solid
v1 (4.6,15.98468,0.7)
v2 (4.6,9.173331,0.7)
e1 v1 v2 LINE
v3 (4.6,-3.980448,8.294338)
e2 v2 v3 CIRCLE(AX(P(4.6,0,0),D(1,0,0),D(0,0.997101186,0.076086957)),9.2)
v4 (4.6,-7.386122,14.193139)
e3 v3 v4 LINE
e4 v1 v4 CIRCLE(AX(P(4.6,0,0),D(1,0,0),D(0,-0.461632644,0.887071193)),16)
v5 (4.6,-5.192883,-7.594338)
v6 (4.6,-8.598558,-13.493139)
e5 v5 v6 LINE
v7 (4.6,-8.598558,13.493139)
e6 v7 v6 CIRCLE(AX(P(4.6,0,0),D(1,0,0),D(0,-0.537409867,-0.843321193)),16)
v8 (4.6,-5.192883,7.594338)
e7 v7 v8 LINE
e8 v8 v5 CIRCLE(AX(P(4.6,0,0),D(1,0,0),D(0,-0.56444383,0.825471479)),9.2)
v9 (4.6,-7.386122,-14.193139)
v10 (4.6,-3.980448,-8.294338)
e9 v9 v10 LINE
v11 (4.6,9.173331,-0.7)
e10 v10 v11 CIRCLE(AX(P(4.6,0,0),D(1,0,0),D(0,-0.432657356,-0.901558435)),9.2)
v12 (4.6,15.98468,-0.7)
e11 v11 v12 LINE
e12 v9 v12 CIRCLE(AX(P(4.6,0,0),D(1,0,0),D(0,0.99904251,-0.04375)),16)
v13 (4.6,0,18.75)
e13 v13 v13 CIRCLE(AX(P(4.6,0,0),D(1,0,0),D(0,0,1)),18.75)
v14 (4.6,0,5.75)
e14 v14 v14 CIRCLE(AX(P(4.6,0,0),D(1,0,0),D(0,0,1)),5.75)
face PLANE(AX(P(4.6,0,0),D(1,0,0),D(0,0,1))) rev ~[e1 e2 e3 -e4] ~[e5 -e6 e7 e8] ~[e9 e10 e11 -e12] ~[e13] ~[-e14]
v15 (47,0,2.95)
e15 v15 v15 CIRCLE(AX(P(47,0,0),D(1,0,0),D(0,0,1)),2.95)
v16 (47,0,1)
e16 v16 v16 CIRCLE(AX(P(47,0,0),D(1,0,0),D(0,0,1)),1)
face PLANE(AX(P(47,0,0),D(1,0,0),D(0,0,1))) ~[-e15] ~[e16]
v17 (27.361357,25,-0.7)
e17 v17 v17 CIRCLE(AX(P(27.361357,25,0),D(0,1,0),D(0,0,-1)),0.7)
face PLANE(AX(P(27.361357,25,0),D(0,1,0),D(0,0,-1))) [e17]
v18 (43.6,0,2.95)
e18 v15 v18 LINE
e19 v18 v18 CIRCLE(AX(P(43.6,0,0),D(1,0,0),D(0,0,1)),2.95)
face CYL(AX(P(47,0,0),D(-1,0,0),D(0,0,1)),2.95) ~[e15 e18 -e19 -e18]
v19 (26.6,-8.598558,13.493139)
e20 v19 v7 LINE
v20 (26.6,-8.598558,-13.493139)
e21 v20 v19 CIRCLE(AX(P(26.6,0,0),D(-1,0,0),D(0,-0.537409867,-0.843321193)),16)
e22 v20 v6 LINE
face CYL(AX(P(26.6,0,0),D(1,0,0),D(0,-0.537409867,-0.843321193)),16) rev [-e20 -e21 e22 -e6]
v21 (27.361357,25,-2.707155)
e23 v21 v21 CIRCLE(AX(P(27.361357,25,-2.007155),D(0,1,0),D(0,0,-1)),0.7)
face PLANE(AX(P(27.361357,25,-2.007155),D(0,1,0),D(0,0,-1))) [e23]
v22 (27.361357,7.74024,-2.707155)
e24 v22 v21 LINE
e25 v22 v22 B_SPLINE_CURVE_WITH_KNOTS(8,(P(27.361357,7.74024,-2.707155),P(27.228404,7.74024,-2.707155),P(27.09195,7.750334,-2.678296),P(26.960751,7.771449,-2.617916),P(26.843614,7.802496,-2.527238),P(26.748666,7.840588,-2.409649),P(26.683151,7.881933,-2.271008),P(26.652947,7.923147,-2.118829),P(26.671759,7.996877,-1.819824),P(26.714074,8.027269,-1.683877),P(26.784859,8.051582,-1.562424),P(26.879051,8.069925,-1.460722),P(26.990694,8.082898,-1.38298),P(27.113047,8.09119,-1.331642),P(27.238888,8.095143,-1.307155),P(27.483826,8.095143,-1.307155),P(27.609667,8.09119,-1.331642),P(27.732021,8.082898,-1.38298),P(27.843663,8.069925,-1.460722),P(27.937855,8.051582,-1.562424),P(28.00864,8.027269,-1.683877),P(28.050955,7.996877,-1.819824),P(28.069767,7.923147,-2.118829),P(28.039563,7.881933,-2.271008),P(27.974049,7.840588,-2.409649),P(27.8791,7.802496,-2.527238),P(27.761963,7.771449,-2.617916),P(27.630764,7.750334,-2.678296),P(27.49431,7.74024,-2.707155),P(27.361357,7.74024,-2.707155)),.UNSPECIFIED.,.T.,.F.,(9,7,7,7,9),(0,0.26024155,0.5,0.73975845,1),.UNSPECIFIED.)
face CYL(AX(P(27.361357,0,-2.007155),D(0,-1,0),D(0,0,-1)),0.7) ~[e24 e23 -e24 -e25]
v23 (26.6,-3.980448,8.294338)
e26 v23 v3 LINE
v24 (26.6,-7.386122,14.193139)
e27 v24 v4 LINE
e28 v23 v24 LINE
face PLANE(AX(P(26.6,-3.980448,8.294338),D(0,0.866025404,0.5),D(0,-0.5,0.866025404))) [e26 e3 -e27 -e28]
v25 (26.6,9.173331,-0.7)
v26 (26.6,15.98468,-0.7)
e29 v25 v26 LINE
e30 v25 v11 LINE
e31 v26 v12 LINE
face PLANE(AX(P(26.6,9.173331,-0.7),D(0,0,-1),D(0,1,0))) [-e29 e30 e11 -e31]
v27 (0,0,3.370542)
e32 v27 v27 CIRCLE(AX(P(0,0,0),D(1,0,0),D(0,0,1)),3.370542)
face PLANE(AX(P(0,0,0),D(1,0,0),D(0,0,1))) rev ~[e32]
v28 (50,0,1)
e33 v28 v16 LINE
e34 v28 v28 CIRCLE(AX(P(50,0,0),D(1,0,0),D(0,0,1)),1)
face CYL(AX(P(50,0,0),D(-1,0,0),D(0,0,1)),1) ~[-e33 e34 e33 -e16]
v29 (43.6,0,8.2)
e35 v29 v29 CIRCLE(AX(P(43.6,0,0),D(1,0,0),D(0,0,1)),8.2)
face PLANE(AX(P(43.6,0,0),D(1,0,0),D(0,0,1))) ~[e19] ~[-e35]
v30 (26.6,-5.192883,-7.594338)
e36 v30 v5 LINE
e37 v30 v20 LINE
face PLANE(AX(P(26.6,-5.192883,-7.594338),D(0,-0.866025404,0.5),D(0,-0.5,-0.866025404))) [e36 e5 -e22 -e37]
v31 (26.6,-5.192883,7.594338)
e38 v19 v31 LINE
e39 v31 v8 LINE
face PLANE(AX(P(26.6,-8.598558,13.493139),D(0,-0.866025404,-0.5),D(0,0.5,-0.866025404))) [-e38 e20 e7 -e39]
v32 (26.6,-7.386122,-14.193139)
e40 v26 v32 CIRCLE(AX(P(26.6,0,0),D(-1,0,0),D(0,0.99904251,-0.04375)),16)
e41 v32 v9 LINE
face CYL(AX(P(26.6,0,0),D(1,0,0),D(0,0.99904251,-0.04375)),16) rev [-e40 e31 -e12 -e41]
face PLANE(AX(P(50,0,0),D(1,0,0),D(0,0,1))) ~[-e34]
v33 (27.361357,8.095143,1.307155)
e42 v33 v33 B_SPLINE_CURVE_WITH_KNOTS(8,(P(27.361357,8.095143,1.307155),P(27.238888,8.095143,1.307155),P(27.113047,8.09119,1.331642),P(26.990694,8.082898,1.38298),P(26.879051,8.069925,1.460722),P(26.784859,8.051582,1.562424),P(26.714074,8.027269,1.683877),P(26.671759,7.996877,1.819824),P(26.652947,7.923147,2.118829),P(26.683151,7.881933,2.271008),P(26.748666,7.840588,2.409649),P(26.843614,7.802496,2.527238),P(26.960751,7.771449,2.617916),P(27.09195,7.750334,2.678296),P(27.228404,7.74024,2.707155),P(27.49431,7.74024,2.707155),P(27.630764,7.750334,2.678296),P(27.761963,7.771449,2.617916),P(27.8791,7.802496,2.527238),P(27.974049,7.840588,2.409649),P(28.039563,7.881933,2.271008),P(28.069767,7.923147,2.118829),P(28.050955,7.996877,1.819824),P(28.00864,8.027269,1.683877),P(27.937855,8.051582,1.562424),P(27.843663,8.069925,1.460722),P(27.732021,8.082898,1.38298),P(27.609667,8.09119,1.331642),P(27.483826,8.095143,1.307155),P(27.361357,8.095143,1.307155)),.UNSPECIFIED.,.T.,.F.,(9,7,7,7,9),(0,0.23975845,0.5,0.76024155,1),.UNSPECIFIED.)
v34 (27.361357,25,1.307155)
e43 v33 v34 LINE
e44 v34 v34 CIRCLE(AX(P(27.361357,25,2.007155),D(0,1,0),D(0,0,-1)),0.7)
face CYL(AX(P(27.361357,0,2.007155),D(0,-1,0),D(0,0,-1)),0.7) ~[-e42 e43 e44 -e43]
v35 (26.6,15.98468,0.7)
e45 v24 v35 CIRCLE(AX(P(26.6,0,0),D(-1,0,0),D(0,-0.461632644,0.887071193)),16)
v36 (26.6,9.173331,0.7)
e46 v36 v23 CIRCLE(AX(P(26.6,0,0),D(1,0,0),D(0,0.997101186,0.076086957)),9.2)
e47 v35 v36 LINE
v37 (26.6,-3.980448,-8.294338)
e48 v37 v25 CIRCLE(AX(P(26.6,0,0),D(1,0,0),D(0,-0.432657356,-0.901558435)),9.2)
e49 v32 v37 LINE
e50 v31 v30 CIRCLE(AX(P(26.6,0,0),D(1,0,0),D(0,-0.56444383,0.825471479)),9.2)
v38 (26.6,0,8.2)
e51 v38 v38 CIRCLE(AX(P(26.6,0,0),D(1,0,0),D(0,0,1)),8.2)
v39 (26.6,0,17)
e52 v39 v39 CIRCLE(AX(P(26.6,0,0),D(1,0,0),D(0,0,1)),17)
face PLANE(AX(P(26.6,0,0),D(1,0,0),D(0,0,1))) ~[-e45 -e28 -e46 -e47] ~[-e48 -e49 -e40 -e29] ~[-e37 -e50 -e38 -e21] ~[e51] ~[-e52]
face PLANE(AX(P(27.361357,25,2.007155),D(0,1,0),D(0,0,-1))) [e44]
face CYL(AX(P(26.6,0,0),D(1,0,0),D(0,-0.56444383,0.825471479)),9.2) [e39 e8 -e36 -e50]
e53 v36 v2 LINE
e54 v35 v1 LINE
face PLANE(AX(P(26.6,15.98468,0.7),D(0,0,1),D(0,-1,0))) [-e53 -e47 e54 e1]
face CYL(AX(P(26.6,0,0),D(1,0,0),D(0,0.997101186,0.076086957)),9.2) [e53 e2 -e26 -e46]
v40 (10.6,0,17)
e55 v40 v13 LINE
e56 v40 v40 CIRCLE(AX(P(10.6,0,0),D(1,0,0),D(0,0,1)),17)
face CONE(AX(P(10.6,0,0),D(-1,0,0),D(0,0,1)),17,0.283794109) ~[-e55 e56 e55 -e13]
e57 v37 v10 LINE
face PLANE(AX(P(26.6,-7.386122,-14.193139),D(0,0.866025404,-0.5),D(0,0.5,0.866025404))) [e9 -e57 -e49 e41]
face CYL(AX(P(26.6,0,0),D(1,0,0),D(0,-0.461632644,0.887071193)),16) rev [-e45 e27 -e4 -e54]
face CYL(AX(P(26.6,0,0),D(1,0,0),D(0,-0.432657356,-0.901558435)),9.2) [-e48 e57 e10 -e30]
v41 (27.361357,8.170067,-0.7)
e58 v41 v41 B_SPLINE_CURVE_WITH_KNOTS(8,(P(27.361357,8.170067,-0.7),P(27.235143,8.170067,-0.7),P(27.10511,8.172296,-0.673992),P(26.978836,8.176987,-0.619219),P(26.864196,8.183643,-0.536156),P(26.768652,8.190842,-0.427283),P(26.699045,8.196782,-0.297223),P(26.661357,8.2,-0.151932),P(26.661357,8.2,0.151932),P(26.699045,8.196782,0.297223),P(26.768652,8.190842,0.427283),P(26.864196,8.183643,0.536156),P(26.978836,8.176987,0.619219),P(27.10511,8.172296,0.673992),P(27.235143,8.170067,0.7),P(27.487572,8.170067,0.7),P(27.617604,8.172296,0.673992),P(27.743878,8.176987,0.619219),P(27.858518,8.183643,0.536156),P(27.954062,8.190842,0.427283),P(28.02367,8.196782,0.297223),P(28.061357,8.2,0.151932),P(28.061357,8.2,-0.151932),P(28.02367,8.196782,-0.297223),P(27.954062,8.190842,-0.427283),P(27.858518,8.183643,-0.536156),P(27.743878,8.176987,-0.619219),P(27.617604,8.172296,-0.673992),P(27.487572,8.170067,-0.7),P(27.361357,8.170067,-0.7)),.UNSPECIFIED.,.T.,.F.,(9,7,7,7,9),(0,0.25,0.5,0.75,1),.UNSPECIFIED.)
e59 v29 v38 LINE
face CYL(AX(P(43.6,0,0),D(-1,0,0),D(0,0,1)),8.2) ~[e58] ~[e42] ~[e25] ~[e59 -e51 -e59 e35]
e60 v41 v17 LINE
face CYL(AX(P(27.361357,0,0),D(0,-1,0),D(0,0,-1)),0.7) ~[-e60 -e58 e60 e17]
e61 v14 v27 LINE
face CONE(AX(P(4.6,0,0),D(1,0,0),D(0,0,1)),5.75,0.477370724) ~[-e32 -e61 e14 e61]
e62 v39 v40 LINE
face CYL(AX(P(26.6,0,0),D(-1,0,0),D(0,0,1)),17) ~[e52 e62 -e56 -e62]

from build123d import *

# Parameters (mm, degrees)
ENL_V_MAT_EXTRU_1_DEPTH      = 38.559086783
R_P_TITION_CIRCULAIRE1_COUNT = 3
ESQUISSE5_R                  = 0.7
BOSS_EXTRU_1_DEPTH           = 25


with BuildPart() as part:
    # Esquisse1 → Révolution1 (revolve)
    with BuildSketch(Plane.XY):
        Polygon((0, 0), (50, 0), (50, 1), (47, 1), (47, 2.95), (43.6, 2.95), (43.6, 8.2), (26.6, 8.2), (26.6, 17), (10.6, 17), (4.6, 18.75), (4.6, 5.75), (0, 3.370541895), align=None)
    revolve(axis=Axis((0, 0, 0), (1, 0, 0)))

    # Esquisse4 → Enlèv. mat.-Extru.1 (cut, through all)
    with BuildSketch(Plane(origin=(26.6, 0, 0), x_dir=(0, 0, -1), z_dir=(1, 0, 0))):
        with BuildLine():
            Line((-0.7, 15.984680166), (-0.7, 9.173330911))
            ThreePointArc((-0.7, 9.173330911), (-7.967433715, 4.6), (-8.294337606, -3.980447673))
            Line((-8.294337606, -3.980447673), (-14.193139095, -7.3861223))
            ThreePointArc((-14.193139095, -7.3861223), (-13.856406461, 8), (-0.7, 15.984680166))
        make_face()
    enl_v_mat_extru_1 = extrude(amount=-ENL_V_MAT_EXTRU_1_DEPTH, mode=Mode.SUBTRACT)

    # Répétition circulaire1: Enlèv. mat.-Extru.1 ×3 about axis
    r_p_tition_circulaire1_axis = Axis((45.207157615, 0, 0), (-1, 0, 0))
    for i in range(1, R_P_TITION_CIRCULAIRE1_COUNT):
        add(enl_v_mat_extru_1.rotate(r_p_tition_circulaire1_axis, i * 360 / R_P_TITION_CIRCULAIRE1_COUNT), mode=Mode.SUBTRACT)

    # Esquisse5 → Boss.-Extru.1 (add)
    with BuildSketch(Plane(origin=(0, 0, 0), x_dir=(1, 0, 0), z_dir=(0, 1, 0))):
        with Locations((27.361357126, 0)):
            Circle(ESQUISSE5_R)
        with Locations((27.361357126, 2.007154896)):
            Circle(ESQUISSE5_R)
        with Locations((27.361357126, -2.007154896)):
            Circle(ESQUISSE5_R)
    extrude(amount=BOSS_EXTRU_1_DEPTH)


solid = part.part
